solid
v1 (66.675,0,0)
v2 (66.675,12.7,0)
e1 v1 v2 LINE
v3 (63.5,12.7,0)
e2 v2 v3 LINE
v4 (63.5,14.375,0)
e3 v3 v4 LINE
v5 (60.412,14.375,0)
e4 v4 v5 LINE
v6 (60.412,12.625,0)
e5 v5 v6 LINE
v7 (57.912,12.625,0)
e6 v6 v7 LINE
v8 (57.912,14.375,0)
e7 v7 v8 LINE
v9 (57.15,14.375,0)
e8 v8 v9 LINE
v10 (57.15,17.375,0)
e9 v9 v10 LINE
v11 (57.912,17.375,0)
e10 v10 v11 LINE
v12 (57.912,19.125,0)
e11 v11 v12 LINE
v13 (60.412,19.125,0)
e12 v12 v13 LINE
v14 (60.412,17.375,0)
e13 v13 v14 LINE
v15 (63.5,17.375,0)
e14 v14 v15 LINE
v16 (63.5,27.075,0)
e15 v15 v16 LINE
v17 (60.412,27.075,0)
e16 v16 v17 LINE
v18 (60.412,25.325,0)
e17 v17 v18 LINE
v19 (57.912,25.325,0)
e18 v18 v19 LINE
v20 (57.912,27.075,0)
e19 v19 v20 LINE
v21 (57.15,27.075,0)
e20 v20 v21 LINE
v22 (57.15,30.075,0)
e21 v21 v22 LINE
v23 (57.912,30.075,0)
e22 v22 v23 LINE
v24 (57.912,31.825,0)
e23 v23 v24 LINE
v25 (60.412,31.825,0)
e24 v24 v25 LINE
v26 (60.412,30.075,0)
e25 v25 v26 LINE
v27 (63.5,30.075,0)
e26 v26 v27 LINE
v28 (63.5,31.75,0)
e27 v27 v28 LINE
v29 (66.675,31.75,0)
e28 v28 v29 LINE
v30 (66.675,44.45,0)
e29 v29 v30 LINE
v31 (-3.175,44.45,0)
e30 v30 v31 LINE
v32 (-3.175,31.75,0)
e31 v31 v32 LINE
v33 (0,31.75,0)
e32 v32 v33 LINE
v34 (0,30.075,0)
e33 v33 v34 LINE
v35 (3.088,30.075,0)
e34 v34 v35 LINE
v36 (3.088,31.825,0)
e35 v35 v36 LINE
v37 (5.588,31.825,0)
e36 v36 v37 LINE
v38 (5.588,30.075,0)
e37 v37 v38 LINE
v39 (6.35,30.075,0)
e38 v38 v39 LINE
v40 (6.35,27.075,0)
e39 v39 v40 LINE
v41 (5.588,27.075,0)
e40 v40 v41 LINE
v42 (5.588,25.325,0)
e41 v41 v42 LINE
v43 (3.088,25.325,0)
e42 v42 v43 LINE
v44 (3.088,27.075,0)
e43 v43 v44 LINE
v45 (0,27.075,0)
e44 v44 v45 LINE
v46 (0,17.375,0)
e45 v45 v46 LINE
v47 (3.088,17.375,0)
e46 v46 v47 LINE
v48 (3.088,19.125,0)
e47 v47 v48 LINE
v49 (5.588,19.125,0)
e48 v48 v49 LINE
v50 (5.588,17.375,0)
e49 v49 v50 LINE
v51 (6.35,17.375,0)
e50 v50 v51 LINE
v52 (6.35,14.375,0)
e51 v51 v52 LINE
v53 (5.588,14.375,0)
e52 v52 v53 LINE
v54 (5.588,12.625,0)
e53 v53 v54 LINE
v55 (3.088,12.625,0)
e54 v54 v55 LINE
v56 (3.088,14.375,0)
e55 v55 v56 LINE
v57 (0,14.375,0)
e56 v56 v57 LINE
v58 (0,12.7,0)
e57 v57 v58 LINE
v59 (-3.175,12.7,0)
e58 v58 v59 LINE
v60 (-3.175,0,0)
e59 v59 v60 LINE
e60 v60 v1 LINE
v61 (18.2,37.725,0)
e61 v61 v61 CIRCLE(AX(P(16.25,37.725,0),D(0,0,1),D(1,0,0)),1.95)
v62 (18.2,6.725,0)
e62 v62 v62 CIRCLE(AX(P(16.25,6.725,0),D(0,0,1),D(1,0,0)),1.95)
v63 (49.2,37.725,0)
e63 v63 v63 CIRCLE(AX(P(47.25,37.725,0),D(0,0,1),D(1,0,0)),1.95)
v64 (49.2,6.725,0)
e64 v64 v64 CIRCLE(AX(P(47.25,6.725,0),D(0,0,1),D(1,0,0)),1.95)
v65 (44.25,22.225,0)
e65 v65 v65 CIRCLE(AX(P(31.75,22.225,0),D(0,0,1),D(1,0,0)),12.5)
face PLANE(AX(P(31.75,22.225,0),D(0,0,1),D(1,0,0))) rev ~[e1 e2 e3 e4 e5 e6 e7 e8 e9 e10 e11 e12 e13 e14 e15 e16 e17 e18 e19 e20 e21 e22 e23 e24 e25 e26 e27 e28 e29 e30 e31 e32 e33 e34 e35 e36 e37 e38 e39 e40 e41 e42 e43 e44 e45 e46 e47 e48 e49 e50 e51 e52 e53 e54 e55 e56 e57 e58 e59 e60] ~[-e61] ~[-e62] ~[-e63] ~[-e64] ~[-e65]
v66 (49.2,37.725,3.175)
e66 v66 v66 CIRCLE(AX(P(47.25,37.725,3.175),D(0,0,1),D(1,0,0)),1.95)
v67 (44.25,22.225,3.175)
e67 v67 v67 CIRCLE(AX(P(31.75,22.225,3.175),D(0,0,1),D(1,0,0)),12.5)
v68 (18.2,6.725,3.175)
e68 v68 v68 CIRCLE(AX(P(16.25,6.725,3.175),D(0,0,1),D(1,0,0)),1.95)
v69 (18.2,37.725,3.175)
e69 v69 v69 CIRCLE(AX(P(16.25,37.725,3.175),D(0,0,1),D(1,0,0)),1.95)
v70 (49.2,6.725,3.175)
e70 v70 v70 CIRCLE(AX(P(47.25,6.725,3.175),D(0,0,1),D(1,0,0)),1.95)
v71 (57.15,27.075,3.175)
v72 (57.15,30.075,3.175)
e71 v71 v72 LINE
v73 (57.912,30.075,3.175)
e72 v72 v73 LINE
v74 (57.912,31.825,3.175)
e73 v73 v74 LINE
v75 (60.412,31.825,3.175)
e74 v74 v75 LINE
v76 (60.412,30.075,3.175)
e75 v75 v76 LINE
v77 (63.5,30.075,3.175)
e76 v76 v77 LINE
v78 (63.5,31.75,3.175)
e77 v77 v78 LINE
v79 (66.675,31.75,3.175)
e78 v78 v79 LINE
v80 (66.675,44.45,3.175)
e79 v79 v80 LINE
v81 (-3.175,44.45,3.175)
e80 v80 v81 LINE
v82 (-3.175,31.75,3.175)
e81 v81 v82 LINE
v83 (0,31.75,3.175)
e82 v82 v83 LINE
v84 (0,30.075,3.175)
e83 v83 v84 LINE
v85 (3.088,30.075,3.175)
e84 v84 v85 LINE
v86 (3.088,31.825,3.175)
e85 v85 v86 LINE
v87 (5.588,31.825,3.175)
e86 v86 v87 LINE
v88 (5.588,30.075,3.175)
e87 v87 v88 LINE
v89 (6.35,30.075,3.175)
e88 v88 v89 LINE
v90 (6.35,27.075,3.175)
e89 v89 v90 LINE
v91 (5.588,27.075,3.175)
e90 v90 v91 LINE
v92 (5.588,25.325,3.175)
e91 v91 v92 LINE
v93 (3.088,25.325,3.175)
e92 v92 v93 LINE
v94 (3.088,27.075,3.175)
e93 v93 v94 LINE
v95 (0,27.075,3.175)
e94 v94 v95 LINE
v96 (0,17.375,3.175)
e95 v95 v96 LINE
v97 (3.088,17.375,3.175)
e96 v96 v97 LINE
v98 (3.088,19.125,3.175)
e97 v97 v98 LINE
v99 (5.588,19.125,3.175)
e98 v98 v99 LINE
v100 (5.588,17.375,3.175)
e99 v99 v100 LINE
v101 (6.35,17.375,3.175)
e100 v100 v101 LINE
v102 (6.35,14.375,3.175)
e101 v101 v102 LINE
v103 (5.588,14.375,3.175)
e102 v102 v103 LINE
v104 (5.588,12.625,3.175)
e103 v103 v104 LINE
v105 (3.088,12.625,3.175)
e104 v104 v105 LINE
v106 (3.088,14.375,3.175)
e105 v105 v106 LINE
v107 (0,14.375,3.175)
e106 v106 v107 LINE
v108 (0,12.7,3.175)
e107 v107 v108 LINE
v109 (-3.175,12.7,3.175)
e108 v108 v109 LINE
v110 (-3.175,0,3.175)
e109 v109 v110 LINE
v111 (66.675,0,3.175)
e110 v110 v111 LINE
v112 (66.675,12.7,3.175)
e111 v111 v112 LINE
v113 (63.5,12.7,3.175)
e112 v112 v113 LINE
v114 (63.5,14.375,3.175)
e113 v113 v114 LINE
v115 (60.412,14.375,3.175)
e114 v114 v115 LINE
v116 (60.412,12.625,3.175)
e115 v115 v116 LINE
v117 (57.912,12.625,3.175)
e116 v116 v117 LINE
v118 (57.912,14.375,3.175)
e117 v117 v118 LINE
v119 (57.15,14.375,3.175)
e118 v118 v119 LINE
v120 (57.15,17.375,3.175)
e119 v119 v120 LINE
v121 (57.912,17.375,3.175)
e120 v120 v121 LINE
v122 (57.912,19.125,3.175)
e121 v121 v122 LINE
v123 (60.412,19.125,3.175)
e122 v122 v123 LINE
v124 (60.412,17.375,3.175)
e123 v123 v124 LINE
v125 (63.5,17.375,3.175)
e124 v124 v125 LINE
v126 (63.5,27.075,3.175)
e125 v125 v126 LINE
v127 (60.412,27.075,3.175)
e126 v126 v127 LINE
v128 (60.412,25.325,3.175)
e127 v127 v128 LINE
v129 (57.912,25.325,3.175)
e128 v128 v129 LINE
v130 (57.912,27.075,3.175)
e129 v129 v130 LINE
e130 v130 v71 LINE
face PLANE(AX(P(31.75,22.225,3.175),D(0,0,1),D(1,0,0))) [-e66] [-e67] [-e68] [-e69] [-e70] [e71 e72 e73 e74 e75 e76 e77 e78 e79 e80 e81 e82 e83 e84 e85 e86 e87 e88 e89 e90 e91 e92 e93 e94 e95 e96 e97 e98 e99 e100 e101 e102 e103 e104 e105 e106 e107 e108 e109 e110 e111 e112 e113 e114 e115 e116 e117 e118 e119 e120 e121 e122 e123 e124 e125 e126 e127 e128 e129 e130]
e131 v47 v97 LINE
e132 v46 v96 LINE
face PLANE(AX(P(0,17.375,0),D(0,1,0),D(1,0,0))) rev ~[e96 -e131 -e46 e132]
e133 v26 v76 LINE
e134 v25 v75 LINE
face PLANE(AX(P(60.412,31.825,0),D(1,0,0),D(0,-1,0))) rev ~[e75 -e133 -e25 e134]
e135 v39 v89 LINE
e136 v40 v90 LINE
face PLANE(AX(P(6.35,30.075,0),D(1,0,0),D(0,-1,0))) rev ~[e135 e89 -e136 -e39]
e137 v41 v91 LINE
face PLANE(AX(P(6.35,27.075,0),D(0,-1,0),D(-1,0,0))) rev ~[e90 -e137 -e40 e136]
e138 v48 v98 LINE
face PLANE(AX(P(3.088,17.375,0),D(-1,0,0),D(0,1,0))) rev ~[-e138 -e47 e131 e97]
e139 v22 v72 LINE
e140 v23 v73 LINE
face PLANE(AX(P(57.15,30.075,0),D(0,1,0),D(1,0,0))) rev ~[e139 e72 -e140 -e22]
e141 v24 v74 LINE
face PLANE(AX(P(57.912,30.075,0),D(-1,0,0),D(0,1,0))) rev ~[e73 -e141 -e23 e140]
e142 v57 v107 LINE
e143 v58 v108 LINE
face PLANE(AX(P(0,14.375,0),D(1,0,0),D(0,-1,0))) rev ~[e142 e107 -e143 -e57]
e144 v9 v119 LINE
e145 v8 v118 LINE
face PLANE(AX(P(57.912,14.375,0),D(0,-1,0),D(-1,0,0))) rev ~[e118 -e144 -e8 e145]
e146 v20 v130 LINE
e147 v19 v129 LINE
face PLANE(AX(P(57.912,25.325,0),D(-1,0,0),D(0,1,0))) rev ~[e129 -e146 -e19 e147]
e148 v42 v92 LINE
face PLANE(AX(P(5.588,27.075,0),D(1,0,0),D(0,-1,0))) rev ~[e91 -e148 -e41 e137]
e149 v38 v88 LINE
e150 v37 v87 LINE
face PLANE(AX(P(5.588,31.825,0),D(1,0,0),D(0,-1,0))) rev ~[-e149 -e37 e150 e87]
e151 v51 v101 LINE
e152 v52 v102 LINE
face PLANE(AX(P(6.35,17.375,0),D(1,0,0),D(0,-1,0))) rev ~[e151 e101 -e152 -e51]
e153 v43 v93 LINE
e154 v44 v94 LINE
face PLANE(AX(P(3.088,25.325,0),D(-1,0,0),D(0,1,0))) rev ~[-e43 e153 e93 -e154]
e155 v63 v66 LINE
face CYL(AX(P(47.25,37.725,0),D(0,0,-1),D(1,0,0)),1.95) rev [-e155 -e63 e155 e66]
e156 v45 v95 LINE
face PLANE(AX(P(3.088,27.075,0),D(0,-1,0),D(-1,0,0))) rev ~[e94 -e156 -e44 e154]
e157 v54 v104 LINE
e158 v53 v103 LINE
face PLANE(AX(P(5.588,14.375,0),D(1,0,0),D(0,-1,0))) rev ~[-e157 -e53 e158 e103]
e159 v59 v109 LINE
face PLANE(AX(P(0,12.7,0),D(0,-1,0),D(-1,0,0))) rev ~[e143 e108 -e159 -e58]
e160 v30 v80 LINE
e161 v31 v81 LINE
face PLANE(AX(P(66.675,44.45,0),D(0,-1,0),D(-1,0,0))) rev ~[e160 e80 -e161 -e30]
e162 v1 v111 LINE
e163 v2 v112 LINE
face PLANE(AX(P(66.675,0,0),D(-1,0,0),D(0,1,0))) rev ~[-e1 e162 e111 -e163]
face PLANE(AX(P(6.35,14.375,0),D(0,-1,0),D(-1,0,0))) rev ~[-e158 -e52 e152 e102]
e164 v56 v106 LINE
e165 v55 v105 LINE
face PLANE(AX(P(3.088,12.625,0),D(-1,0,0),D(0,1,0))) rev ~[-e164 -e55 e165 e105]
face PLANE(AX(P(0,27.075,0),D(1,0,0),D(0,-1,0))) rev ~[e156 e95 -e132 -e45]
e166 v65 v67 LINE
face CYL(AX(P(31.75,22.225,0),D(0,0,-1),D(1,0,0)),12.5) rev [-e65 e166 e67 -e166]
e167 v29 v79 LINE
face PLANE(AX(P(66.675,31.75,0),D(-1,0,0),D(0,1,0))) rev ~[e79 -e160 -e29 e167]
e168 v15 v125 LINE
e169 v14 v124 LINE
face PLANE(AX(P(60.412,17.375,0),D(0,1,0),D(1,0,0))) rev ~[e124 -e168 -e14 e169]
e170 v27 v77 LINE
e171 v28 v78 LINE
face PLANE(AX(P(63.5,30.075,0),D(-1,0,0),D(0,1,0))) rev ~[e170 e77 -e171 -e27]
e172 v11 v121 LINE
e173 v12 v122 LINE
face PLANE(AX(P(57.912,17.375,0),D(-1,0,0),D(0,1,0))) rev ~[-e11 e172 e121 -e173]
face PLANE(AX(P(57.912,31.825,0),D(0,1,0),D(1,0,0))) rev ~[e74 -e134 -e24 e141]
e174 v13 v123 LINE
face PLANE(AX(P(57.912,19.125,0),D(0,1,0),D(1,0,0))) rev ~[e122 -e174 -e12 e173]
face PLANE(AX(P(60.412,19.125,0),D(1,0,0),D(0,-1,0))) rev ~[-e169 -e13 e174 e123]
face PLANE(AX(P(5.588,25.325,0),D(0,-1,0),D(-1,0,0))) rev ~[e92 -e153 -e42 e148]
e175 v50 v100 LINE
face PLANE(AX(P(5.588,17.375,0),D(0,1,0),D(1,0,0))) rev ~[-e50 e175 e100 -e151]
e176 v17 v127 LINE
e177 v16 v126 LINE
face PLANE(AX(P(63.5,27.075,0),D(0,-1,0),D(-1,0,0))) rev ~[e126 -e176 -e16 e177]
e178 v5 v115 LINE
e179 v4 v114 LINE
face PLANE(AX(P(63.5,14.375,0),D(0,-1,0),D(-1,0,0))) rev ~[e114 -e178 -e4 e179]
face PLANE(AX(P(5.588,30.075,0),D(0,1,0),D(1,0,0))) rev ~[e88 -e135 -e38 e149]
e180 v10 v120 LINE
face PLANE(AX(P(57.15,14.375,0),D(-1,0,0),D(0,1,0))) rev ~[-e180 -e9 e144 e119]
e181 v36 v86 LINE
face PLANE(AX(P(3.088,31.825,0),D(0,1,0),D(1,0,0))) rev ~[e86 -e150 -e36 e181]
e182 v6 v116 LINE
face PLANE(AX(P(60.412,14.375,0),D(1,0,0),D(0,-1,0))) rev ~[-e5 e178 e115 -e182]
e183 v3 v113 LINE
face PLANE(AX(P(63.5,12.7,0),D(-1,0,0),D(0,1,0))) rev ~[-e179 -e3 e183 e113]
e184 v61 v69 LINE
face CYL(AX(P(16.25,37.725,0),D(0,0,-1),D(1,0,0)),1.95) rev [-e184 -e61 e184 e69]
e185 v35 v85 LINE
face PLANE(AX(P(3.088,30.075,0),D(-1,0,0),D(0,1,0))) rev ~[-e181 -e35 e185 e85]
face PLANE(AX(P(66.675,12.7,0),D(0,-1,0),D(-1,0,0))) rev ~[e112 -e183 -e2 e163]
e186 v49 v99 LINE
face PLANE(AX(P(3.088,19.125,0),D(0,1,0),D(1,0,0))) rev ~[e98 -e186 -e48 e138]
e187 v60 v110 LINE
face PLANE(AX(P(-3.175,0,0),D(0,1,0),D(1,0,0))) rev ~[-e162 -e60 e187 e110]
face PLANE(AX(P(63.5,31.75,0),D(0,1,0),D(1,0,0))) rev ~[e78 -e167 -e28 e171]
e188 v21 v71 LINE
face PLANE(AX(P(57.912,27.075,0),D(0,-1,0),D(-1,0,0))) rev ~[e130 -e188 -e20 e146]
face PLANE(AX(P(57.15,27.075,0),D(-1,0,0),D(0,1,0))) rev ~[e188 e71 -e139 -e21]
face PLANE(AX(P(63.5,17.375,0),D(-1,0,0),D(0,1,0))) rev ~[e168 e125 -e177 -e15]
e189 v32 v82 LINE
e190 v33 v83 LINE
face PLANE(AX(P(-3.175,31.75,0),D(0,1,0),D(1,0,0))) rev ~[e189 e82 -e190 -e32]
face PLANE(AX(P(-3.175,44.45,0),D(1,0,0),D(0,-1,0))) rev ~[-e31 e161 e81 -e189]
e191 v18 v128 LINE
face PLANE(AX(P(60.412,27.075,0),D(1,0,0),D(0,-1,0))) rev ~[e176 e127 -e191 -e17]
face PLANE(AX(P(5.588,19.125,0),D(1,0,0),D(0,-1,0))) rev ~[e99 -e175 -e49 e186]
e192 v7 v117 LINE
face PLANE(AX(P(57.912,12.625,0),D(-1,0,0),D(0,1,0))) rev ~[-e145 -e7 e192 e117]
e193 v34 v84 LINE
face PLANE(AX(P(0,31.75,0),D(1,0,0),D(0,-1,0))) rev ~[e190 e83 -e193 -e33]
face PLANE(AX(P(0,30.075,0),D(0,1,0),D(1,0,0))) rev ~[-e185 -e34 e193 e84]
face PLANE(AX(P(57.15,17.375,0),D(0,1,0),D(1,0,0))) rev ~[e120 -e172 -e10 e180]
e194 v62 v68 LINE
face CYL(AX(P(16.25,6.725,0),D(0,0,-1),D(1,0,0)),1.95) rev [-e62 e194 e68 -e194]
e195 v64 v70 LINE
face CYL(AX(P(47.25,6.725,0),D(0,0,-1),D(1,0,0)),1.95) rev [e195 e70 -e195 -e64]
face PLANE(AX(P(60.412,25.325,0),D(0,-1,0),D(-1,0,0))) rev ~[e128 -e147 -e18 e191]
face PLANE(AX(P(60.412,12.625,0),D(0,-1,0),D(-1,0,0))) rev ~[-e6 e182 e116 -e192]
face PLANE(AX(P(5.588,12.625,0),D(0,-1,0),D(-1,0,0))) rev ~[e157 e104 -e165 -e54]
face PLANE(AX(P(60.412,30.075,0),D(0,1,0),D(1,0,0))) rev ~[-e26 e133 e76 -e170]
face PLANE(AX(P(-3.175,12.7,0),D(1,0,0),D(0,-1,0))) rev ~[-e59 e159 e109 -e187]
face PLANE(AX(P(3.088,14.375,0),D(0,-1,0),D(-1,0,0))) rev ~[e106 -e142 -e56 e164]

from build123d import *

# Parameters (mm, degrees)
SKETCH2_R           = 1.95
SKETCH2_R_2         = 12.5
BOSS_EXTRUDE1_DEPTH = 3.175


with BuildPart() as part:
    # Sketch2 → Boss-Extrude1 (new body)
    with BuildSketch(Plane.XY):
        Polygon((-3.175, 0), (66.675, 0), (66.675, 12.7), (63.5, 12.7), (63.5, 14.375), (60.412, 14.375), (60.412, 12.625), (57.912, 12.625), (57.912, 14.375), (57.15, 14.375), (57.15, 17.375), (57.912, 17.375), (57.912, 19.125), (60.412, 19.125), (60.412, 17.375), (63.5, 17.375), (63.5, 27.075), (60.412, 27.075), (60.412, 25.325), (57.912, 25.325), (57.912, 27.075), (57.15, 27.075), (57.15, 30.075), (57.912, 30.075), (57.912, 31.825), (60.412, 31.825), (60.412, 30.075), (63.5, 30.075), (63.5, 31.75), (66.675, 31.75), (66.675, 44.45), (-3.175, 44.45), (-3.175, 31.75), (0, 31.75), (0, 30.075), (3.088, 30.075), (3.088, 31.825), (5.588, 31.825), (5.588, 30.075), (6.35, 30.075), (6.35, 27.075), (5.588, 27.075), (5.588, 25.325), (3.088, 25.325), (3.088, 27.075), (0, 27.075), (0, 17.375), (3.088, 17.375), (3.088, 19.125), (5.588, 19.125), (5.588, 17.375), (6.35, 17.375), (6.35, 14.375), (5.588, 14.375), (5.588, 12.625), (3.088, 12.625), (3.088, 14.375), (0, 14.375), (0, 12.7), (-3.175, 12.7), align=None)
        with Locations((16.25, 6.725)):
            Circle(SKETCH2_R, mode=Mode.SUBTRACT)
        with Locations((47.25, 6.725)):
            Circle(SKETCH2_R, mode=Mode.SUBTRACT)
        with Locations((16.25, 37.725)):
            Circle(SKETCH2_R, mode=Mode.SUBTRACT)
        with Locations((31.75, 22.225)):
            Circle(SKETCH2_R_2, mode=Mode.SUBTRACT)
        with Locations((47.25, 37.725)):
            Circle(SKETCH2_R, mode=Mode.SUBTRACT)
    extrude(amount=BOSS_EXTRUDE1_DEPTH)


solid = part.part
